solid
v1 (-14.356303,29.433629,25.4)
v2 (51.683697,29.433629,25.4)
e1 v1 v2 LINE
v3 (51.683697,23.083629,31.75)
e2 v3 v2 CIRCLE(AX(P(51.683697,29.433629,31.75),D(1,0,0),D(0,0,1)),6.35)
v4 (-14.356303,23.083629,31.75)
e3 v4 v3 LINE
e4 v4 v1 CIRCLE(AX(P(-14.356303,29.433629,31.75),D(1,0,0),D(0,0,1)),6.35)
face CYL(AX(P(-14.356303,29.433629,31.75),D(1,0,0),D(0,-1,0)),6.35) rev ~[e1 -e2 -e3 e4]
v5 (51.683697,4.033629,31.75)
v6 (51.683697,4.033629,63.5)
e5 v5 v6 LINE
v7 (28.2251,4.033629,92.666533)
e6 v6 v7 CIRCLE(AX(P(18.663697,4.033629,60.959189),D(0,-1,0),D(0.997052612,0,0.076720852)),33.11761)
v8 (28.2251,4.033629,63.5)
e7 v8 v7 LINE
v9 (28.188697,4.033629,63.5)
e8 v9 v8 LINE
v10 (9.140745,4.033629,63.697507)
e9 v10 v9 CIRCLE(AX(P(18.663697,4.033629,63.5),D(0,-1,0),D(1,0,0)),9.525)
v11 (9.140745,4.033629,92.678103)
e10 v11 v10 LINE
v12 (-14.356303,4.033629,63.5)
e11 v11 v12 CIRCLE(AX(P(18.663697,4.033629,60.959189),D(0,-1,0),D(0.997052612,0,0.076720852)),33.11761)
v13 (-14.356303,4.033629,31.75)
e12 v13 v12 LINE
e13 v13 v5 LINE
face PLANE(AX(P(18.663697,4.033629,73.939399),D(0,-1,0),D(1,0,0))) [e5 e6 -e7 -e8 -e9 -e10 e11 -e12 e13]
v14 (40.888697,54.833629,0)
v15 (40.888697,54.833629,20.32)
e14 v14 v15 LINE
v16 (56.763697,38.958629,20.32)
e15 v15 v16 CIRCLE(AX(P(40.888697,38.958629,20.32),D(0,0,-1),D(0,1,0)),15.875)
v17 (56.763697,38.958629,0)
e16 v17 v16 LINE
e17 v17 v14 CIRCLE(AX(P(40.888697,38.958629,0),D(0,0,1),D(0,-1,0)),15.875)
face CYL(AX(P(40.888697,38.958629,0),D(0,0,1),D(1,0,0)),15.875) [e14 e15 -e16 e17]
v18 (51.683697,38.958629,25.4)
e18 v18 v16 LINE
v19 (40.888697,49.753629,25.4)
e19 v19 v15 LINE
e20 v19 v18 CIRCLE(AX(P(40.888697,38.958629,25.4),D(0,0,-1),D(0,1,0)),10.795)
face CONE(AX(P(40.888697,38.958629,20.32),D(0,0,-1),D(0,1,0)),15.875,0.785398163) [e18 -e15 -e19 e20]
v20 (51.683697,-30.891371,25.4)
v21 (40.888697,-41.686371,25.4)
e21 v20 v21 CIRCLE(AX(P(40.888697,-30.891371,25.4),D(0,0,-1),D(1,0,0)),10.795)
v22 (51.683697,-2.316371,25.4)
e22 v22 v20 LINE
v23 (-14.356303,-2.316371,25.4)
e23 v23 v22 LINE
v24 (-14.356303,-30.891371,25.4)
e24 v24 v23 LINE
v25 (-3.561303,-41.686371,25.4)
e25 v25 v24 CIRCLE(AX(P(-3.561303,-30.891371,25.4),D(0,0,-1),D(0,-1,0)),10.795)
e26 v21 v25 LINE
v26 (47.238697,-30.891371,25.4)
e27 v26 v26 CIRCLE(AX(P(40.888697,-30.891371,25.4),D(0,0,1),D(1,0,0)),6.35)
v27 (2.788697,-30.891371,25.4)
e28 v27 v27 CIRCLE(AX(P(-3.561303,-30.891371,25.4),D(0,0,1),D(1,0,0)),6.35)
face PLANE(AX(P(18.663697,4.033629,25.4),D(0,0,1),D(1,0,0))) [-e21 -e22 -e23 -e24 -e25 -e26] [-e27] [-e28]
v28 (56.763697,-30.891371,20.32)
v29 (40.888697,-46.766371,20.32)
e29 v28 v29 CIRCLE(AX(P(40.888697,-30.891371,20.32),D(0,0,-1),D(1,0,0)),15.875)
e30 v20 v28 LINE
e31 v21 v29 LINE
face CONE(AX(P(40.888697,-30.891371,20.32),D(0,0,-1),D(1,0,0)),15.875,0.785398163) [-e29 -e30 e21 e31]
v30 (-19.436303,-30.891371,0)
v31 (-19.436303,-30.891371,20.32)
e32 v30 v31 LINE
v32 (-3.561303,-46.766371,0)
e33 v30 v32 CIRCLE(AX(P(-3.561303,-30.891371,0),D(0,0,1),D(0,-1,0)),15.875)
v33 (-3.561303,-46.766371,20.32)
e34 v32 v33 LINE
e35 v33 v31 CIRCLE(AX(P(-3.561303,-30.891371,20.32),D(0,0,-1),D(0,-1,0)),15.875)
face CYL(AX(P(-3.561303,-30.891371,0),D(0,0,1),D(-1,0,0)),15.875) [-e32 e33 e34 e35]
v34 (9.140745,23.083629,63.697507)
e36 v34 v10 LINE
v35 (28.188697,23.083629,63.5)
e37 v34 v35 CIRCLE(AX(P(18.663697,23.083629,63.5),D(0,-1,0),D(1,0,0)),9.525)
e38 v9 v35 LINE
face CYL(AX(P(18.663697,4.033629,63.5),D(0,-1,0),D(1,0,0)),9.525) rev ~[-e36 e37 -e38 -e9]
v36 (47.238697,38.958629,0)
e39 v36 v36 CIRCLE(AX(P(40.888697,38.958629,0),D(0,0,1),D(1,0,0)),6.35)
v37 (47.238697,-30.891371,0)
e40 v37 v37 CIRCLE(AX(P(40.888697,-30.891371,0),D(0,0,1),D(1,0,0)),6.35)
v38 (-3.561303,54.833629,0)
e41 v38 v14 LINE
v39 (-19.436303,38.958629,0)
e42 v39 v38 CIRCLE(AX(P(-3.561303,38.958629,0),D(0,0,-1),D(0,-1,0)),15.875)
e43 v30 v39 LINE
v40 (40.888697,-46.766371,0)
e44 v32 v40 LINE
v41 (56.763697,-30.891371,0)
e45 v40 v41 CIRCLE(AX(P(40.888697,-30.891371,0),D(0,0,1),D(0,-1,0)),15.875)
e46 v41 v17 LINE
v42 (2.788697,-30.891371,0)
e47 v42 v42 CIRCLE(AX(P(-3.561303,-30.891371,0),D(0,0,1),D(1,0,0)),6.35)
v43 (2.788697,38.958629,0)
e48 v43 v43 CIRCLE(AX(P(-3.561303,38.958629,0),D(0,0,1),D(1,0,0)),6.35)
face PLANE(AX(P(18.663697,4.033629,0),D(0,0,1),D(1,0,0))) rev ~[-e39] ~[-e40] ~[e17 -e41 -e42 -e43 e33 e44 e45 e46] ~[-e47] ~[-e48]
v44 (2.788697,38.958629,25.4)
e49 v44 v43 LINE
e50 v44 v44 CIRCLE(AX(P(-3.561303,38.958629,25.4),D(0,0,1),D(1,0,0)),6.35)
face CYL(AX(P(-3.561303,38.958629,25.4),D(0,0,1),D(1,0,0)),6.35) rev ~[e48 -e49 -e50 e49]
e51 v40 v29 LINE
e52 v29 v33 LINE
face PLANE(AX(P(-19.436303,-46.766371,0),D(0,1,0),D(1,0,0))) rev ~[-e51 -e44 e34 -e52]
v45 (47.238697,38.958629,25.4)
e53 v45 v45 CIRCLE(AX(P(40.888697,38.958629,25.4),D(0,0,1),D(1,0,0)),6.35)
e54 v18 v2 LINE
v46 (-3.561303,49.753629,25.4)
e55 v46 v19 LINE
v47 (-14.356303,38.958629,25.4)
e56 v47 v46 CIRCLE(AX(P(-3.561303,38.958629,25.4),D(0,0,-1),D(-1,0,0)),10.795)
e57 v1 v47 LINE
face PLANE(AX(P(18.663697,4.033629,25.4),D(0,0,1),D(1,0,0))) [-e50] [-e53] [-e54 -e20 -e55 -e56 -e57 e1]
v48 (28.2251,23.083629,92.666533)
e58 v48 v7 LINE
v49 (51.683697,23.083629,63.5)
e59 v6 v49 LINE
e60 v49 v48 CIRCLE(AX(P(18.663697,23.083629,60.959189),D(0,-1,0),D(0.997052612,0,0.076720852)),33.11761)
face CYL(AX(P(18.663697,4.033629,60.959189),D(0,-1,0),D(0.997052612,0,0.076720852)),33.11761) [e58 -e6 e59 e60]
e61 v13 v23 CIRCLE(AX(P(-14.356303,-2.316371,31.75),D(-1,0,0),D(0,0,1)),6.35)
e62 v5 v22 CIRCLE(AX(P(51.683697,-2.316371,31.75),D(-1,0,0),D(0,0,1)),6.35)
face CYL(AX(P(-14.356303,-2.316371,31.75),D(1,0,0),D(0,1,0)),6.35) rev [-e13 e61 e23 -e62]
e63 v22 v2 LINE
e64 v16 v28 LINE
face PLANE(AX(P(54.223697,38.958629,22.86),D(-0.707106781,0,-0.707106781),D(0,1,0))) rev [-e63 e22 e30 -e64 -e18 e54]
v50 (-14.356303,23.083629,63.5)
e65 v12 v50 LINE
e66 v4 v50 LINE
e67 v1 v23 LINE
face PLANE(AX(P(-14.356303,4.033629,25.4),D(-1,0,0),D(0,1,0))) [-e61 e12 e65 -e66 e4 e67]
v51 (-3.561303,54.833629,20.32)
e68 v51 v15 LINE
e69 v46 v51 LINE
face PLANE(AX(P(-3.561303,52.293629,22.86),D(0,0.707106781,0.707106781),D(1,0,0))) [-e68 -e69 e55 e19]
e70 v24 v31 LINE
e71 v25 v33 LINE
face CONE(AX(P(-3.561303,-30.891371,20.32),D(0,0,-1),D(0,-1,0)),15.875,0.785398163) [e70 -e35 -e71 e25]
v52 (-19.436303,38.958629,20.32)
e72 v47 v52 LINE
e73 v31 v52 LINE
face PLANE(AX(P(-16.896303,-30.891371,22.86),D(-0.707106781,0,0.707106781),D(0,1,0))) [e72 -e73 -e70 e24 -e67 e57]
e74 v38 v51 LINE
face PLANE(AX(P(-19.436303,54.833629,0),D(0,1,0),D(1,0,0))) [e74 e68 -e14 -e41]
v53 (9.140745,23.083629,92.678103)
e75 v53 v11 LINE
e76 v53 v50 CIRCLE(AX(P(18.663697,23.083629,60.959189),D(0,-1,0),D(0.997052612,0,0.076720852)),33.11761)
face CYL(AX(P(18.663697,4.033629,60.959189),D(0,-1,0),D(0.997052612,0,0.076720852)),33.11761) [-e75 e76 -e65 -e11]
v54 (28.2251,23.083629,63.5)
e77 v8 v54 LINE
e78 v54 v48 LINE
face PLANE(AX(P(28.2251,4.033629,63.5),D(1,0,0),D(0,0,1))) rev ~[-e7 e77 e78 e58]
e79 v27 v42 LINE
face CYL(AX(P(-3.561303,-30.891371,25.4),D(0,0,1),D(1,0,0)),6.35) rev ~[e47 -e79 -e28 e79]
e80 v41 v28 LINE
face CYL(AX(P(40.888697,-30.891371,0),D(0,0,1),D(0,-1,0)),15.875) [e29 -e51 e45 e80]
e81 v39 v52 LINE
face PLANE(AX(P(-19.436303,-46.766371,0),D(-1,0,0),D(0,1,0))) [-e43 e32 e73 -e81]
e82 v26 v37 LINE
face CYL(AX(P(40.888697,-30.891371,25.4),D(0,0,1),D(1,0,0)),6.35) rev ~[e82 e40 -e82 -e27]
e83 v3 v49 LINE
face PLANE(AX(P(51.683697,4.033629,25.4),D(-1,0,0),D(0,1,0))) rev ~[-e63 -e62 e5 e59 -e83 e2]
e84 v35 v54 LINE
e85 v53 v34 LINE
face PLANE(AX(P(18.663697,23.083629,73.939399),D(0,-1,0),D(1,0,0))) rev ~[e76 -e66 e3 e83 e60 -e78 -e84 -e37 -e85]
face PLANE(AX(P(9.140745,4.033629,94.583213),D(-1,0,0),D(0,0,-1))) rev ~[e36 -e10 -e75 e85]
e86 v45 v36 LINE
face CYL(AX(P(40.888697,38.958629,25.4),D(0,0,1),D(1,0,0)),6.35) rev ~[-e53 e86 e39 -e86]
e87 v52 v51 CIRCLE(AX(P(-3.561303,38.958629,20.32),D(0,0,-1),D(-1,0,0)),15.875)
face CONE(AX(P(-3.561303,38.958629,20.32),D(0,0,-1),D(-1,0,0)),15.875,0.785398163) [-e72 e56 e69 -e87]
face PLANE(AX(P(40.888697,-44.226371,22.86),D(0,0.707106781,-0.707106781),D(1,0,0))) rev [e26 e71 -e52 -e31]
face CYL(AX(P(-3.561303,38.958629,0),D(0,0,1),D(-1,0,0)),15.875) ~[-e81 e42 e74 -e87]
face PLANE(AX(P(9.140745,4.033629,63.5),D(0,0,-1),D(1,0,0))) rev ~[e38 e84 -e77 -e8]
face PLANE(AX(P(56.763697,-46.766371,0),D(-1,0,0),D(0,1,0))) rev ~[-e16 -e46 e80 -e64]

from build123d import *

# Parameters (mm, degrees)
F0_W      = 76.2
F0_H      = 101.6
F1_DEPTH  = 25.4
F2_R      = 15.875
F3_SIZE   = 5.08
F4_R      = 6.35
F5_DEPTH  = 25.4
F6_W      = 66.04
F6_H      = 19.05
F7_DEPTH  = 38.1
F9_DEPTH  = 19.05
F10_R     = 9.525
F11_DEPTH = 25.4
F13_DEPTH = 25.4
F14_R     = 6.35


with BuildPart() as f1:
    # F0 (on Top) → F1 (new body)
    with BuildSketch(Plane.XY):
        with Locations((18.6636974156, 4.0336294651)):
            Rectangle(F0_W, F0_H)
    extrude(amount=F1_DEPTH)

    # F2
    f2_edges = [f1.edges().sort_by_distance(p)[0] for p in [
        (-19.436303, -46.766371, 12.7),
        (56.763697, -46.766371, 12.7),
        (56.763697, 54.833629, 12.7),
        (-19.436303, 54.833629, 12.7),
    ]]
    fillet(f2_edges, radius=F2_R)

    # F3
    f3_edges = [f1.edges().sort_by_distance(p)[0] for p in [
        (18.663697, 54.833629, 25.4),
        (-14.786623, 50.18395, 25.4),
        (-19.436303, 4.033629, 25.4),
        (-14.786623, -42.116691, 25.4),
        (18.663697, -46.766371, 25.4),
        (52.114018, -42.116691, 25.4),
        (56.763697, 4.033629, 25.4),
        (52.114018, 50.18395, 25.4),
    ]]
    chamfer(f3_edges, length=F3_SIZE)

    # F4 (on face) → F5 (cut)
    with BuildSketch(Plane.XY.offset(25.4)):
        with Locations((-3.5613025844, -30.8913705349)):
            Circle(F4_R)
        with Locations((-3.5613025844, 38.9586294651)):
            Circle(F4_R)
        with Locations((40.8886974156, 38.9586294651)):
            Circle(F4_R)
        with Locations((40.8886974156, -30.8913705349)):
            Circle(F4_R)
    extrude(amount=-F5_DEPTH, mode=Mode.SUBTRACT)

    # F6 (on face) → F7 (join)
    with BuildSketch(Plane.XY.offset(25.4)):
        with Locations((18.6636974156, 13.5586294651)):
            Rectangle(F6_W, F6_H)
    extrude(amount=F7_DEPTH)

    # F8 (on face) → F9 (join)
    with BuildSketch(Plane.XZ.offset(-4.0336294651)):
        with BuildLine():
            Line((-14.3563025844, 63.5), (51.6836974156, 63.5))
            ThreePointArc((51.6836974156, 63.5), (18.6636974156, 94.0767991723), (-14.3563025844, 63.5))
        make_face()
    extrude(amount=-F9_DEPTH)

    # F10 (on face) → F11 (cut)
    with BuildSketch(Plane.XZ.offset(-4.0336294651)):
        with Locations((18.6636974156, 63.5)):
            Circle(F10_R)
    extrude(amount=-F11_DEPTH, mode=Mode.SUBTRACT)

    # F12 (on face) → F13 (cut)
    with BuildSketch(Plane.XZ.offset(-4.0336294651)):
        Polygon((9.1407453584, 94.5832133293), (9.1407453584, 63.5), (28.1886974156, 63.5), (28.2250996679, 63.5), (28.2250996679, 94.5832133293), align=None)
    extrude(amount=-F13_DEPTH, mode=Mode.SUBTRACT)

    # F14
    f14_edges = [f1.edges().sort_by_distance(p)[0] for p in [
        (18.663697, 4.033629, 25.4),
        (18.663697, 23.083629, 25.4),
    ]]
    fillet(f14_edges, radius=F14_R)


solid = f1.part
